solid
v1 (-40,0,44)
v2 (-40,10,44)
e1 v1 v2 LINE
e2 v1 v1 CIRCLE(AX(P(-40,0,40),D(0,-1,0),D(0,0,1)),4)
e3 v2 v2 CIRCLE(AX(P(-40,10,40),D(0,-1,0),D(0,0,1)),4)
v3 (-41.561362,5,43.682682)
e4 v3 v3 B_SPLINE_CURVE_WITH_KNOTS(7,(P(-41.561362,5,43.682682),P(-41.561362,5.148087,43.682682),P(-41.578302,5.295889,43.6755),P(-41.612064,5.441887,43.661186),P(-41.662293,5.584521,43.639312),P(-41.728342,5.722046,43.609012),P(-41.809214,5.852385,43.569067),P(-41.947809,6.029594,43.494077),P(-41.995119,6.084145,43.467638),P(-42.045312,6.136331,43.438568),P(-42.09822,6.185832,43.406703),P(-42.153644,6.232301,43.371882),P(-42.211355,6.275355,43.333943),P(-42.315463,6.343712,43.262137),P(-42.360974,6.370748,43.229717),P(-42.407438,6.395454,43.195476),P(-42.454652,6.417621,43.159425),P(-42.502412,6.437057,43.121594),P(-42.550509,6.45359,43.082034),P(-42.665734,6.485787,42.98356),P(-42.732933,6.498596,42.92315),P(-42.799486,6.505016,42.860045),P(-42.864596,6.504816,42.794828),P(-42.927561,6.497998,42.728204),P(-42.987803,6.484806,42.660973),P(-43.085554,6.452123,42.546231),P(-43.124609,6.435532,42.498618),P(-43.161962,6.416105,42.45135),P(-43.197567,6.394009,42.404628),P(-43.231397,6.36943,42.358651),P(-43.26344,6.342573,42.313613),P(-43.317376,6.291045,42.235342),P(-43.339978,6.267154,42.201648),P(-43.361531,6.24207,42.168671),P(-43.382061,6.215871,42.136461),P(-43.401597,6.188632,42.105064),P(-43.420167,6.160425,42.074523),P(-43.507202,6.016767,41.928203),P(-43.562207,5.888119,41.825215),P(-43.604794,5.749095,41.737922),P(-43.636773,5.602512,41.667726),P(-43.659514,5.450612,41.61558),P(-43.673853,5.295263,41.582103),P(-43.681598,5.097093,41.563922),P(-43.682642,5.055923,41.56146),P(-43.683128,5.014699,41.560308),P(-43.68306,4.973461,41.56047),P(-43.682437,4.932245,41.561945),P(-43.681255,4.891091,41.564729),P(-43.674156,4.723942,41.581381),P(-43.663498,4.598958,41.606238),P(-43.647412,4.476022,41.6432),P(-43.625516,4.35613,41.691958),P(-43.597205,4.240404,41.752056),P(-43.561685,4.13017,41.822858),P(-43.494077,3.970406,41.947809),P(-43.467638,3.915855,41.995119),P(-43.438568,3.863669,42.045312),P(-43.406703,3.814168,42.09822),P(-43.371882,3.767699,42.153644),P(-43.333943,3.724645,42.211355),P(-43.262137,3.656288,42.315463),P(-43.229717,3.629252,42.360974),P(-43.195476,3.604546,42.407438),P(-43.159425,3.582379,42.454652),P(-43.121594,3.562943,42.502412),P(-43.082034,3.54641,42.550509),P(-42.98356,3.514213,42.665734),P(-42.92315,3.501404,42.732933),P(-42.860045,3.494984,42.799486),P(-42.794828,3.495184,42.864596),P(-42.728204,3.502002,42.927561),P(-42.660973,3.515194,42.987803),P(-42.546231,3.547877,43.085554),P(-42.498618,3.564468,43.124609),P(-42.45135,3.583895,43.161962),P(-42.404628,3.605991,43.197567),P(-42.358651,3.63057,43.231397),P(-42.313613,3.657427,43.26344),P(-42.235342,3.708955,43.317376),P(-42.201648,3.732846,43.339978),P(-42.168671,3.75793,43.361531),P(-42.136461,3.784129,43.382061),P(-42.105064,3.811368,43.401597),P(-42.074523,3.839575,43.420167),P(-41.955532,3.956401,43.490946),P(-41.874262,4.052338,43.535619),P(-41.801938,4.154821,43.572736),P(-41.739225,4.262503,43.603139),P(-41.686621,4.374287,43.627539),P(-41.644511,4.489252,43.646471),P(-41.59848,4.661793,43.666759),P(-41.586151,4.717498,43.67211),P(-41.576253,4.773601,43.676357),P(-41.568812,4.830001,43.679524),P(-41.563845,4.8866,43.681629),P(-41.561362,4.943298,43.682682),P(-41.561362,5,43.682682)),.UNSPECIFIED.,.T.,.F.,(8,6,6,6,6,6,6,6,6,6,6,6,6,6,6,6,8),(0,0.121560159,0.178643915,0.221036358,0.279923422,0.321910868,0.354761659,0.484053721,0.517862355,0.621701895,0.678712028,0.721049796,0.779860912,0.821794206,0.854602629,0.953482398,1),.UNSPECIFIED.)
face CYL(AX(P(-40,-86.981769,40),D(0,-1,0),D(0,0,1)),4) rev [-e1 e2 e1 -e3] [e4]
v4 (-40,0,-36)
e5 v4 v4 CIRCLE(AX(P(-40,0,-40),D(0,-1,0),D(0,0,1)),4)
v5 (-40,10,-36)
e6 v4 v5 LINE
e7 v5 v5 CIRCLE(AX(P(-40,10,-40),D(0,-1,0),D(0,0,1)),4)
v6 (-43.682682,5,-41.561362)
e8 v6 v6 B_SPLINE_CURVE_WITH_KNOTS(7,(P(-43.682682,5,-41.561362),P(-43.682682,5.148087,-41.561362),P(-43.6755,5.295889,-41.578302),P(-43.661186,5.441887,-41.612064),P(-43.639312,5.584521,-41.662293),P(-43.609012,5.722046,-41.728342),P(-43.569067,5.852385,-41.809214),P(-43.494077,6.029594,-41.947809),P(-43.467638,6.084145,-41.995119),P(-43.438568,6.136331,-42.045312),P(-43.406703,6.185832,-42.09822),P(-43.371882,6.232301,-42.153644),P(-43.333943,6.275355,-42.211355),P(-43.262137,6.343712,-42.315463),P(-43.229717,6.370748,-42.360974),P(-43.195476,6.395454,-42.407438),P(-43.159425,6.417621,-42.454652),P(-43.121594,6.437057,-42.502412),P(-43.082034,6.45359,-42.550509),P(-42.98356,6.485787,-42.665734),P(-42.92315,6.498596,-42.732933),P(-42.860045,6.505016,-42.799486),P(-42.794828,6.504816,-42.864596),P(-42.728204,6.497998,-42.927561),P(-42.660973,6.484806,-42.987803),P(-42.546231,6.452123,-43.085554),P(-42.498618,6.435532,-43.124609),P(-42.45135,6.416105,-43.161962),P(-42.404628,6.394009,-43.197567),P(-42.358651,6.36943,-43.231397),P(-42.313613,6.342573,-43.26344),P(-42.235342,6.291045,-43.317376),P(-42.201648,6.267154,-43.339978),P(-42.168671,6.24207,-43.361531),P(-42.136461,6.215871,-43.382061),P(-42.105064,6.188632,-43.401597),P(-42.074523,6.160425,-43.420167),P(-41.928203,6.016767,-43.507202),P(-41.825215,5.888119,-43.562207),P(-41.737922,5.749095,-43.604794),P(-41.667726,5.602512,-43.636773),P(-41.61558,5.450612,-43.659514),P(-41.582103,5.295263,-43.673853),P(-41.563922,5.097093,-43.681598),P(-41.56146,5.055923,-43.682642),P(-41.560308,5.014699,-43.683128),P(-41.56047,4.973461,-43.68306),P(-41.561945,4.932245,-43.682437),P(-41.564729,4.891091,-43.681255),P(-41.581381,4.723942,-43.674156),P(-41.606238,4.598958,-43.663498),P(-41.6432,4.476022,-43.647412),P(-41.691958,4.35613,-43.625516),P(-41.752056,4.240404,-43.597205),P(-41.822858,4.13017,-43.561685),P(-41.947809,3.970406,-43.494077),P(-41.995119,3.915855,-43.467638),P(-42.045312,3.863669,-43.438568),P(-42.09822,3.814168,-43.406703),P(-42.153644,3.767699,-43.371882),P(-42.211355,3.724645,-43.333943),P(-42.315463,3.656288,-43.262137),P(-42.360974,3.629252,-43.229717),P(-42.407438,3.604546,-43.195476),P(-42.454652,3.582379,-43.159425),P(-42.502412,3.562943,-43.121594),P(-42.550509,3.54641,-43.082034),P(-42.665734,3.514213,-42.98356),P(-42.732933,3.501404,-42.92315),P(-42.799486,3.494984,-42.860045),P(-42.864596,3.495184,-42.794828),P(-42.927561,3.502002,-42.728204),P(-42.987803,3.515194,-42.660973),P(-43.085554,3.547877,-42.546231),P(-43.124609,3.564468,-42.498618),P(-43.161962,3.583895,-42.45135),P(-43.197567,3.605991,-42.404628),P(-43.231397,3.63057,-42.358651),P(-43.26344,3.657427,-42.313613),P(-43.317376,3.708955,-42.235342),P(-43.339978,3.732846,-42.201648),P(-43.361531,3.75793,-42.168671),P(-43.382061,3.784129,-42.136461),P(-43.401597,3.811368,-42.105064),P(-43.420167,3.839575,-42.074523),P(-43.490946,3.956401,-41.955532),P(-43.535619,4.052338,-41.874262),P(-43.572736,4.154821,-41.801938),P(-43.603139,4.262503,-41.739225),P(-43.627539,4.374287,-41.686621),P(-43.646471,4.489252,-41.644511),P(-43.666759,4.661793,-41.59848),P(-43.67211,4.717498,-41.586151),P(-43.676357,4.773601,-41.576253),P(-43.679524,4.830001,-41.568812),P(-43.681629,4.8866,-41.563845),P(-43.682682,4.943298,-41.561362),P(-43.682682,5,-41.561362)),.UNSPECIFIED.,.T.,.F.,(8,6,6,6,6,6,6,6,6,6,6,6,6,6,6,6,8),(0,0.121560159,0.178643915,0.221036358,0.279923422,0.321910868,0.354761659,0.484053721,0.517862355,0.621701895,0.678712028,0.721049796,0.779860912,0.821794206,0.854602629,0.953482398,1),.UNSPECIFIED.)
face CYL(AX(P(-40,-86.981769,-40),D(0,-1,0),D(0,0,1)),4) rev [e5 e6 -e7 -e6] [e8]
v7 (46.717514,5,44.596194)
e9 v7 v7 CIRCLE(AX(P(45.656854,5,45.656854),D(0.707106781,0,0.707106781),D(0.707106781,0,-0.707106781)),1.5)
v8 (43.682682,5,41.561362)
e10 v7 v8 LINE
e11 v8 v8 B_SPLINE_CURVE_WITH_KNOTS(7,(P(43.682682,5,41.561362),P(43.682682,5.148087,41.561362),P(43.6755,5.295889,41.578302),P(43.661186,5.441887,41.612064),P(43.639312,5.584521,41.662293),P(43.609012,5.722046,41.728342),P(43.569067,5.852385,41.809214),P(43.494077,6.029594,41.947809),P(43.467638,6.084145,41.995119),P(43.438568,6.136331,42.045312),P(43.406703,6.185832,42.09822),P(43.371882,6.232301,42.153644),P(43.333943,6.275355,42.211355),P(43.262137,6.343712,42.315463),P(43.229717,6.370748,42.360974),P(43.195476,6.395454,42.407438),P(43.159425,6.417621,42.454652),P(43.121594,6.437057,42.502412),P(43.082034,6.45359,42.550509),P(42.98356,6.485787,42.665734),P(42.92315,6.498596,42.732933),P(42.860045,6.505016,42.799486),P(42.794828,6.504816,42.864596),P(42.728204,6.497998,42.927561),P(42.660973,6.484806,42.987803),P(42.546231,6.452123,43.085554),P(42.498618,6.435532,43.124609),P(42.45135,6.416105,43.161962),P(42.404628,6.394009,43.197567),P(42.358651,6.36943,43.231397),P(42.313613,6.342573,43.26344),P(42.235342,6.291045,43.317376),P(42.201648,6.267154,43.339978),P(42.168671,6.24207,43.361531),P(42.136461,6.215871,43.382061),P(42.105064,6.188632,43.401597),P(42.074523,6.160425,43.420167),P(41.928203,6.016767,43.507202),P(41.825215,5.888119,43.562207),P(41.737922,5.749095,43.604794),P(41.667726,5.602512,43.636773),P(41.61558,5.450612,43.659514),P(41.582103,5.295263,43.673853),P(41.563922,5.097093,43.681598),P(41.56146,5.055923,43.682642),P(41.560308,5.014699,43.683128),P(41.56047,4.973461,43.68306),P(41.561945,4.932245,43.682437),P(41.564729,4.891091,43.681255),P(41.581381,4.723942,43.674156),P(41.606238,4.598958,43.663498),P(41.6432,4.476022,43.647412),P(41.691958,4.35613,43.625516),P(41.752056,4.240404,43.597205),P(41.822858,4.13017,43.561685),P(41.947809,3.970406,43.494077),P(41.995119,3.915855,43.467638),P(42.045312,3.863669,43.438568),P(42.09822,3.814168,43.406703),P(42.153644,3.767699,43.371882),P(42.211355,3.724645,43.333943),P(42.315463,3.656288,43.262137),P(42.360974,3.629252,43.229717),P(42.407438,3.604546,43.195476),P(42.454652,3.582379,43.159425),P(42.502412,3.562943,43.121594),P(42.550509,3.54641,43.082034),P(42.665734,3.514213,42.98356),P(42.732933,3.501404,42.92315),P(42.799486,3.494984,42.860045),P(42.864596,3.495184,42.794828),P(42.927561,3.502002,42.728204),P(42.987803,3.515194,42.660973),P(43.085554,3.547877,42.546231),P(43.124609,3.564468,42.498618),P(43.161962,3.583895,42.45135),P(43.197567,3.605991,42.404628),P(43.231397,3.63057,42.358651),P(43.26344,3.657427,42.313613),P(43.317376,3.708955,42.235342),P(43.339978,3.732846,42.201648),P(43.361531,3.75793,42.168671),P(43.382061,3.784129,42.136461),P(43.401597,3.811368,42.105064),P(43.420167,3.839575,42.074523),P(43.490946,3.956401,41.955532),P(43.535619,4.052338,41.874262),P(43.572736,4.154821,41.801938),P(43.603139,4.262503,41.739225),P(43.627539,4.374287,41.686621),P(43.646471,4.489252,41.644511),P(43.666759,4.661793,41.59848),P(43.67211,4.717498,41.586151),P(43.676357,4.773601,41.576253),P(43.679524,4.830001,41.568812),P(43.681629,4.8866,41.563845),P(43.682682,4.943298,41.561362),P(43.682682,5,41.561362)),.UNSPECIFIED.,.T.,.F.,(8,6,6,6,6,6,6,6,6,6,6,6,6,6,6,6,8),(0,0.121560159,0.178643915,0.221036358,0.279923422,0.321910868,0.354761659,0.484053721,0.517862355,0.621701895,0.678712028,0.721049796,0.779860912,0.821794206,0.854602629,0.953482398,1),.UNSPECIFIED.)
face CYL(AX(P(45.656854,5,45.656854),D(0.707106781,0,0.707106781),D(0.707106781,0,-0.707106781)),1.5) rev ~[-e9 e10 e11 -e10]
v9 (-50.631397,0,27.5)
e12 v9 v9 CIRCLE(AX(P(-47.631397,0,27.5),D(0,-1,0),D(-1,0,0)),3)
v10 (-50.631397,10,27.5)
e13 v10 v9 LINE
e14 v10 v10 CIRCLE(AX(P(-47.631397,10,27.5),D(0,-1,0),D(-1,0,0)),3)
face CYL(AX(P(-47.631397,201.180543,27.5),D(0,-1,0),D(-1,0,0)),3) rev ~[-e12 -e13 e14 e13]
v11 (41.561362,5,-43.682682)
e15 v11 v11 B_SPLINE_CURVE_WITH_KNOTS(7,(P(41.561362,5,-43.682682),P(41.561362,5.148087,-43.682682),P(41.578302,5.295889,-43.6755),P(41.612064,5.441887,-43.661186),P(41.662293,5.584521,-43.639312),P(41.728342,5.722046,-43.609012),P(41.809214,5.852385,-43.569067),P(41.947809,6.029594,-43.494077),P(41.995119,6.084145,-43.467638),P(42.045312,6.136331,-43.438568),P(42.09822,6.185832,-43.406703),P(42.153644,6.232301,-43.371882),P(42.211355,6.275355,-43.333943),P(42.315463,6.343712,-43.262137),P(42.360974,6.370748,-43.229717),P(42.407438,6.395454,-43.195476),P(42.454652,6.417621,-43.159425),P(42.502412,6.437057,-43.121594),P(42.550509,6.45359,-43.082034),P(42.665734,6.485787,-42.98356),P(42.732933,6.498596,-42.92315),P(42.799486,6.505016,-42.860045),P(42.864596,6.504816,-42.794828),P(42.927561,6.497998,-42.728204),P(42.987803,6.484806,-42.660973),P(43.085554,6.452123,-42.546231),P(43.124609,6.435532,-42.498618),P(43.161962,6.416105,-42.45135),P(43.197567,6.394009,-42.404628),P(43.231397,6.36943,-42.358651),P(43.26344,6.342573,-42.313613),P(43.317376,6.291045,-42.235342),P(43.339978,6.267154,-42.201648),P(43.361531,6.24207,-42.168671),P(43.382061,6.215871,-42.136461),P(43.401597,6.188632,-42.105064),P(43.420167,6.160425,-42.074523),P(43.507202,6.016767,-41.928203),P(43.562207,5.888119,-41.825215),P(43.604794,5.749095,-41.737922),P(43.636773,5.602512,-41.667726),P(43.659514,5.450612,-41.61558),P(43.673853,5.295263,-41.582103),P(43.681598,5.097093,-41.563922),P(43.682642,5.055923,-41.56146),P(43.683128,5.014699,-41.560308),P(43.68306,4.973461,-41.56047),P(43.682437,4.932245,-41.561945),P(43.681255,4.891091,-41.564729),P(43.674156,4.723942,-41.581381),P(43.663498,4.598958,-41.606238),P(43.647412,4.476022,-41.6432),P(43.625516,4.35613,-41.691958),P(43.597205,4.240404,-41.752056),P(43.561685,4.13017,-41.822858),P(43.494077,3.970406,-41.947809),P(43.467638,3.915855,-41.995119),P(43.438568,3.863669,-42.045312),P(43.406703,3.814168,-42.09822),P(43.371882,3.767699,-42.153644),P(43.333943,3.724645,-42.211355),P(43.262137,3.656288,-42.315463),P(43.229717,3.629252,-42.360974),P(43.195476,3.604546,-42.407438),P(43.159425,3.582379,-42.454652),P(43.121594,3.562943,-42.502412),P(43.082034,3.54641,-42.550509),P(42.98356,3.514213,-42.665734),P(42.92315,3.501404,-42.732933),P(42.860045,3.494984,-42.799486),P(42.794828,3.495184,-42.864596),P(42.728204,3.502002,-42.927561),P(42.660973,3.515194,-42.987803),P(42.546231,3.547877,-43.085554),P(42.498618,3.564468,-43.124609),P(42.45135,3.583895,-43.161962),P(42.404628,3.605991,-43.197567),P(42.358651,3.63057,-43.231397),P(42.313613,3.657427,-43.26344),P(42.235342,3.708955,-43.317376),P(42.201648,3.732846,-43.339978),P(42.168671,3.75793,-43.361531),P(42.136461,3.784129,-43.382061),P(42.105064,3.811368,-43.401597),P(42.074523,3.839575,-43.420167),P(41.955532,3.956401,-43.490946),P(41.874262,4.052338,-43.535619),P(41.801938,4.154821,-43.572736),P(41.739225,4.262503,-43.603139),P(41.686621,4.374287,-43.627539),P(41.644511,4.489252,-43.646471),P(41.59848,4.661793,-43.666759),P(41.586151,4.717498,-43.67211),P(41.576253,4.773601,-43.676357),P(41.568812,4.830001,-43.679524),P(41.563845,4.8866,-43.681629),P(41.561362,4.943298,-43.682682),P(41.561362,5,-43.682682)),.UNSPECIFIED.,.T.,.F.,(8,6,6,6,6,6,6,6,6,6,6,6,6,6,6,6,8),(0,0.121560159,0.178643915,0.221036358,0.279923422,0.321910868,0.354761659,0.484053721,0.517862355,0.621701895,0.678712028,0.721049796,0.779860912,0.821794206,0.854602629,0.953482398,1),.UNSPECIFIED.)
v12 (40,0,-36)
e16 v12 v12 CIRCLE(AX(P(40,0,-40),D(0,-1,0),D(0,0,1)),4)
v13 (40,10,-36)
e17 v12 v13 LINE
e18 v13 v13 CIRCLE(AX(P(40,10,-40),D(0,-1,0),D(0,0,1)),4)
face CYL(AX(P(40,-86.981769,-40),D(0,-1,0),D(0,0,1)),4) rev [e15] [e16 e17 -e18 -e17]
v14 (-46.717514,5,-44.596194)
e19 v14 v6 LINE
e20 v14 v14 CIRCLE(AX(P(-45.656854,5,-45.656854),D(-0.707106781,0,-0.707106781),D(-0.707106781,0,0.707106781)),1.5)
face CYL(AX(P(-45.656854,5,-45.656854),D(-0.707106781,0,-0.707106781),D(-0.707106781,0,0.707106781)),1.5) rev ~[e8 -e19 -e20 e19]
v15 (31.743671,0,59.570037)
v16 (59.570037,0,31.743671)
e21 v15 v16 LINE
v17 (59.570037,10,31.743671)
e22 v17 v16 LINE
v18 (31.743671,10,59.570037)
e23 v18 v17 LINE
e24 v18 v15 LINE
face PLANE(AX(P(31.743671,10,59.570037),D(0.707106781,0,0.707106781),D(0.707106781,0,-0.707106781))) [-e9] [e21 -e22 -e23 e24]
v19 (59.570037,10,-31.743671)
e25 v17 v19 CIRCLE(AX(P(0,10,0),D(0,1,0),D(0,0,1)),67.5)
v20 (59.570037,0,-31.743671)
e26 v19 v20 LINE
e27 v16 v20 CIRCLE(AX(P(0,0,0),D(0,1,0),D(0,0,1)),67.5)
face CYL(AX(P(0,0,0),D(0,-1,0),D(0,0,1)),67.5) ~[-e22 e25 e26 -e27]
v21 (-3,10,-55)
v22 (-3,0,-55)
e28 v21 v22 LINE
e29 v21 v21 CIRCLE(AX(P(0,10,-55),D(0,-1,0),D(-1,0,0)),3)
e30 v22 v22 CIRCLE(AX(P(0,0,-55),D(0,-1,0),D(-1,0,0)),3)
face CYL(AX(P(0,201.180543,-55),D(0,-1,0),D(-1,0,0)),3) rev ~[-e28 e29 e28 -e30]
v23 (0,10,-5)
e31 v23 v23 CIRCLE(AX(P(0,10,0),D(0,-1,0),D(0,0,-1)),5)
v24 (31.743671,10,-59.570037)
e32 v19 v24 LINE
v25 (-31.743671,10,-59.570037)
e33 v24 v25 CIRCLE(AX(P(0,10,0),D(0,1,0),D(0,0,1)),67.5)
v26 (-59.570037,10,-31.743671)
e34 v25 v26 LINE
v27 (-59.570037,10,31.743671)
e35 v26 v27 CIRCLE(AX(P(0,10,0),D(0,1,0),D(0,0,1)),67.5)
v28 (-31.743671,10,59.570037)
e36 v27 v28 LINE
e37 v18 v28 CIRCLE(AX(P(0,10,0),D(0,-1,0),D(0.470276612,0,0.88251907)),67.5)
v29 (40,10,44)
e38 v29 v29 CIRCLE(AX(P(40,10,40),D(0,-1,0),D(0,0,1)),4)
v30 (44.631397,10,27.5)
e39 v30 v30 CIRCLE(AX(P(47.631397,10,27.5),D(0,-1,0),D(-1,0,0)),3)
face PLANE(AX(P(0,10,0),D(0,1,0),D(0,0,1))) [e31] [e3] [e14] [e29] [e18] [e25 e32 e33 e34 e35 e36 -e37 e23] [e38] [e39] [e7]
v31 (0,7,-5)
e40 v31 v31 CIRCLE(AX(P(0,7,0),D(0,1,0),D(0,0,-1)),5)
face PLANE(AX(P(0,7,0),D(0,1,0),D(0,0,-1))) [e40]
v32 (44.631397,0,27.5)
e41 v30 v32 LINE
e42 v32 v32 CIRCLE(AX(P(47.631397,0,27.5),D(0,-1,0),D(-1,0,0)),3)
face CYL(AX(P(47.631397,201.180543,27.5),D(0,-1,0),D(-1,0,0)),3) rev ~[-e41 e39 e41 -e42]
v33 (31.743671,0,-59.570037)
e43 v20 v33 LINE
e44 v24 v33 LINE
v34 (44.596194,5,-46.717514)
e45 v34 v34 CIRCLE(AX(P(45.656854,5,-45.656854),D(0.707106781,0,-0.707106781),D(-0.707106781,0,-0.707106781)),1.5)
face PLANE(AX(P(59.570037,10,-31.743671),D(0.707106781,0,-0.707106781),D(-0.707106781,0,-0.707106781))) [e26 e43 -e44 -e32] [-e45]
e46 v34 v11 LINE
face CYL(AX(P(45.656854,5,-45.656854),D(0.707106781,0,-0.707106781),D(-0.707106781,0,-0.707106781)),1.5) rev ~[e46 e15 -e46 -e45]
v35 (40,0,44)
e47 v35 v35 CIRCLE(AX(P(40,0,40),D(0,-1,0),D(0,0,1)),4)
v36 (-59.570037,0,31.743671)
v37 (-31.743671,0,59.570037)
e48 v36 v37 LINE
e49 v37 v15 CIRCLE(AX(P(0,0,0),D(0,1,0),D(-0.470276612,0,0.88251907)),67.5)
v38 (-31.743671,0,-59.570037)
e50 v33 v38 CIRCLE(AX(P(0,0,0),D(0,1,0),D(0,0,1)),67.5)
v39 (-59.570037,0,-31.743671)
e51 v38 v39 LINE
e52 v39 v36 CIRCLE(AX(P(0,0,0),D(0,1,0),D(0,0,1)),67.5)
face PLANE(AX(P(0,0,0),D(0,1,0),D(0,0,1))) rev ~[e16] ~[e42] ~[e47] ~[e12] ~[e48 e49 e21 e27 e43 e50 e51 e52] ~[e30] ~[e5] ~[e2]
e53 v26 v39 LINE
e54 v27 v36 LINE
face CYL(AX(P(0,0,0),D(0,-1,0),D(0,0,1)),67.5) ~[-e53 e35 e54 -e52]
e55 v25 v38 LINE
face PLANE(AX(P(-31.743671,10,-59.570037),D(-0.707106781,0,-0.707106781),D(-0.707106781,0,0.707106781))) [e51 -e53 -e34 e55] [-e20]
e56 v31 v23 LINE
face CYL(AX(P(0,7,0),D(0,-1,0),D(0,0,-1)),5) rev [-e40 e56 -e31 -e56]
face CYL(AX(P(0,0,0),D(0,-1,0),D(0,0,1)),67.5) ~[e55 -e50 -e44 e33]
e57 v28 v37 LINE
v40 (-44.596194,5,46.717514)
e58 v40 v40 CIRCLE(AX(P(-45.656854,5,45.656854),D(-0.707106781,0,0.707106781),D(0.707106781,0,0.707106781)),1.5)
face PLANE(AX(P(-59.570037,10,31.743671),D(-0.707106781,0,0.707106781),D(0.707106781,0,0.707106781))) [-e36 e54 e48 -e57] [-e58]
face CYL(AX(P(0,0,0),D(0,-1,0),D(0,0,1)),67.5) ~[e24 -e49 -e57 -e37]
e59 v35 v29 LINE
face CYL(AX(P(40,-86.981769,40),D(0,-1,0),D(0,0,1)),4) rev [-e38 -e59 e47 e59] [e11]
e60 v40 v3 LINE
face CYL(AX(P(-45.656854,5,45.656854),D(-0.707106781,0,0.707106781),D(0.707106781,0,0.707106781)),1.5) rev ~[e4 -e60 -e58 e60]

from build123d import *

# Parameters (mm, degrees)
SKETCH1_R                  = 67.5
BOSS_EXTRUDE1_DEPTH        = 10
F_6_0MM_DOWEL_HOLE1_D      = 6
CUT_EXTRUDE1_DEPTH         = 96.981769102
CUT_EXTRUDE1_DEPTH_BACK    = 96.981769102
SKETCH4_R                  = 4
CUT_EXTRUDE_THIN1_DEPTH    = 96.981769102
F_3_0MM_DOWEL_HOLE1_REACH  = 162.34
F_3_0MM_DOWEL_HOLE1_BORE_R = 1.5
CIRPATTERN1_COUNT          = 4
CUT_EXTRUDE2_DEPTH         = 96.981769113
CUT_EXTRUDE2_DEPTH_BACK    = 3
SKETCH8_R                  = 5


with BuildPart() as part:
    # Sketch1 → Boss-Extrude1 (new body)
    with BuildSketch(Plane(origin=(0, 0, 0), x_dir=(1, 0, 0), z_dir=(0, 1, 0))):
        with Locations(Location((0, 0, 0), (0, 0, 270))):
            Circle(SKETCH1_R)
    extrude(amount=BOSS_EXTRUDE1_DEPTH)

    # Ø6.0mm Dowel Hole1 (through all)
    with Locations(Plane(origin=(0, 10, 0), x_dir=(1, 0, 0), z_dir=(0, 1, 0))):
        with Locations((0, 55), (47.631397208, -27.5), (-47.631397208, -27.5)):
            Hole(F_6_0MM_DOWEL_HOLE1_D / 2)

    # Sketch4 → Cut-Extrude1 (cut, two sides: drawn at the far end of the back side and taken through both)
    with BuildSketch(Plane(origin=(0, 10, 0), x_dir=(1, 0, 0), z_dir=(0, 1, 0)).offset(-CUT_EXTRUDE1_DEPTH_BACK)):
        with Locations(Location((-40, 40, 0), (0, 0, 270))):
            Circle(SKETCH4_R)
        with Locations(Location((40, 40, 0), (0, 0, 270))):
            Circle(SKETCH4_R)
        with Locations(Location((40, -40, 0), (0, 0, 270))):
            Circle(SKETCH4_R)
        with Locations(Location((-40, -40, 0), (0, 0, 270))):
            Circle(SKETCH4_R)
    extrude(amount=CUT_EXTRUDE1_DEPTH + CUT_EXTRUDE1_DEPTH_BACK, mode=Mode.SUBTRACT)

    # Sketch5 → Cut-Extrude-Thin1 (cut, through all)
    with BuildSketch(Plane(origin=(0, 10, 0), x_dir=(1, 0, 0), z_dir=(0, 1, 0))):
        Polygon((-31.743671291, 59.570037208), (-59.570037208, 31.743671291), (-66.64110502, 38.814739103), (-38.814739103, 66.64110502), align=None)
        Polygon((59.570037208, 31.743671291), (31.743671291, 59.570037208), (38.814739103, 66.64110502), (66.64110502, 38.814739103), align=None)
        Polygon((31.743671291, -59.570037208), (59.570037208, -31.743671291), (66.64110502, -38.814739103), (38.814739103, -66.64110502), align=None)
        Polygon((-59.570037208, -31.743671291), (-31.743671291, -59.570037208), (-38.814739103, -66.64110502), (-66.64110502, -38.814739103), align=None)
    extrude(amount=-CUT_EXTRUDE_THIN1_DEPTH, mode=Mode.SUBTRACT)

    # Ø3.0mm Dowel Hole1 bore → Ø3.0mm Dowel Hole1 (cut, up to next)
    with BuildSketch(Plane(origin=(45.656854249, 0, 45.656854249), x_dir=(0.7071067811865479, 0, -0.7071067811865471), z_dir=(0.7071067811865471, 0, 0.7071067811865479)), mode=Mode.PRIVATE) as f_3_0mm_dowel_hole1_sk1:
        with Locations((0, 5)):
            Circle(F_3_0MM_DOWEL_HOLE1_BORE_R)
    f_3_0mm_dowel_hole1_tool1 = extrude(f_3_0mm_dowel_hole1_sk1.sketch, amount=-F_3_0MM_DOWEL_HOLE1_REACH, mode=Mode.PRIVATE) & part.part
    f_3_0mm_dowel_hole1 = f_3_0mm_dowel_hole1_tool1.solids().sort_by_distance((45.656854, 5, 45.656854))[0]
    add(f_3_0mm_dowel_hole1, mode=Mode.SUBTRACT)

    # CirPattern1: Ø3.0mm Dowel Hole1 ×4 about axis
    cirpattern1_axis = Axis((0, 10, 0), (0, -1, 0))
    for i in range(1, CIRPATTERN1_COUNT):
        add(f_3_0mm_dowel_hole1.rotate(cirpattern1_axis, i * 360 / CIRPATTERN1_COUNT), mode=Mode.SUBTRACT)

    # Sketch8 → Cut-Extrude2 (cut, two sides: drawn at the far end of the back side and taken through both)
    with BuildSketch(Plane(origin=(0, 10, 0), x_dir=(1, 0, 0), z_dir=(0, 1, 0)).offset(-CUT_EXTRUDE2_DEPTH_BACK)):
        with Locations(Location((0, 0, 0), (0, 0, 90))):
            Circle(SKETCH8_R)
    extrude(amount=CUT_EXTRUDE2_DEPTH + CUT_EXTRUDE2_DEPTH_BACK, mode=Mode.SUBTRACT)


solid = part.part
